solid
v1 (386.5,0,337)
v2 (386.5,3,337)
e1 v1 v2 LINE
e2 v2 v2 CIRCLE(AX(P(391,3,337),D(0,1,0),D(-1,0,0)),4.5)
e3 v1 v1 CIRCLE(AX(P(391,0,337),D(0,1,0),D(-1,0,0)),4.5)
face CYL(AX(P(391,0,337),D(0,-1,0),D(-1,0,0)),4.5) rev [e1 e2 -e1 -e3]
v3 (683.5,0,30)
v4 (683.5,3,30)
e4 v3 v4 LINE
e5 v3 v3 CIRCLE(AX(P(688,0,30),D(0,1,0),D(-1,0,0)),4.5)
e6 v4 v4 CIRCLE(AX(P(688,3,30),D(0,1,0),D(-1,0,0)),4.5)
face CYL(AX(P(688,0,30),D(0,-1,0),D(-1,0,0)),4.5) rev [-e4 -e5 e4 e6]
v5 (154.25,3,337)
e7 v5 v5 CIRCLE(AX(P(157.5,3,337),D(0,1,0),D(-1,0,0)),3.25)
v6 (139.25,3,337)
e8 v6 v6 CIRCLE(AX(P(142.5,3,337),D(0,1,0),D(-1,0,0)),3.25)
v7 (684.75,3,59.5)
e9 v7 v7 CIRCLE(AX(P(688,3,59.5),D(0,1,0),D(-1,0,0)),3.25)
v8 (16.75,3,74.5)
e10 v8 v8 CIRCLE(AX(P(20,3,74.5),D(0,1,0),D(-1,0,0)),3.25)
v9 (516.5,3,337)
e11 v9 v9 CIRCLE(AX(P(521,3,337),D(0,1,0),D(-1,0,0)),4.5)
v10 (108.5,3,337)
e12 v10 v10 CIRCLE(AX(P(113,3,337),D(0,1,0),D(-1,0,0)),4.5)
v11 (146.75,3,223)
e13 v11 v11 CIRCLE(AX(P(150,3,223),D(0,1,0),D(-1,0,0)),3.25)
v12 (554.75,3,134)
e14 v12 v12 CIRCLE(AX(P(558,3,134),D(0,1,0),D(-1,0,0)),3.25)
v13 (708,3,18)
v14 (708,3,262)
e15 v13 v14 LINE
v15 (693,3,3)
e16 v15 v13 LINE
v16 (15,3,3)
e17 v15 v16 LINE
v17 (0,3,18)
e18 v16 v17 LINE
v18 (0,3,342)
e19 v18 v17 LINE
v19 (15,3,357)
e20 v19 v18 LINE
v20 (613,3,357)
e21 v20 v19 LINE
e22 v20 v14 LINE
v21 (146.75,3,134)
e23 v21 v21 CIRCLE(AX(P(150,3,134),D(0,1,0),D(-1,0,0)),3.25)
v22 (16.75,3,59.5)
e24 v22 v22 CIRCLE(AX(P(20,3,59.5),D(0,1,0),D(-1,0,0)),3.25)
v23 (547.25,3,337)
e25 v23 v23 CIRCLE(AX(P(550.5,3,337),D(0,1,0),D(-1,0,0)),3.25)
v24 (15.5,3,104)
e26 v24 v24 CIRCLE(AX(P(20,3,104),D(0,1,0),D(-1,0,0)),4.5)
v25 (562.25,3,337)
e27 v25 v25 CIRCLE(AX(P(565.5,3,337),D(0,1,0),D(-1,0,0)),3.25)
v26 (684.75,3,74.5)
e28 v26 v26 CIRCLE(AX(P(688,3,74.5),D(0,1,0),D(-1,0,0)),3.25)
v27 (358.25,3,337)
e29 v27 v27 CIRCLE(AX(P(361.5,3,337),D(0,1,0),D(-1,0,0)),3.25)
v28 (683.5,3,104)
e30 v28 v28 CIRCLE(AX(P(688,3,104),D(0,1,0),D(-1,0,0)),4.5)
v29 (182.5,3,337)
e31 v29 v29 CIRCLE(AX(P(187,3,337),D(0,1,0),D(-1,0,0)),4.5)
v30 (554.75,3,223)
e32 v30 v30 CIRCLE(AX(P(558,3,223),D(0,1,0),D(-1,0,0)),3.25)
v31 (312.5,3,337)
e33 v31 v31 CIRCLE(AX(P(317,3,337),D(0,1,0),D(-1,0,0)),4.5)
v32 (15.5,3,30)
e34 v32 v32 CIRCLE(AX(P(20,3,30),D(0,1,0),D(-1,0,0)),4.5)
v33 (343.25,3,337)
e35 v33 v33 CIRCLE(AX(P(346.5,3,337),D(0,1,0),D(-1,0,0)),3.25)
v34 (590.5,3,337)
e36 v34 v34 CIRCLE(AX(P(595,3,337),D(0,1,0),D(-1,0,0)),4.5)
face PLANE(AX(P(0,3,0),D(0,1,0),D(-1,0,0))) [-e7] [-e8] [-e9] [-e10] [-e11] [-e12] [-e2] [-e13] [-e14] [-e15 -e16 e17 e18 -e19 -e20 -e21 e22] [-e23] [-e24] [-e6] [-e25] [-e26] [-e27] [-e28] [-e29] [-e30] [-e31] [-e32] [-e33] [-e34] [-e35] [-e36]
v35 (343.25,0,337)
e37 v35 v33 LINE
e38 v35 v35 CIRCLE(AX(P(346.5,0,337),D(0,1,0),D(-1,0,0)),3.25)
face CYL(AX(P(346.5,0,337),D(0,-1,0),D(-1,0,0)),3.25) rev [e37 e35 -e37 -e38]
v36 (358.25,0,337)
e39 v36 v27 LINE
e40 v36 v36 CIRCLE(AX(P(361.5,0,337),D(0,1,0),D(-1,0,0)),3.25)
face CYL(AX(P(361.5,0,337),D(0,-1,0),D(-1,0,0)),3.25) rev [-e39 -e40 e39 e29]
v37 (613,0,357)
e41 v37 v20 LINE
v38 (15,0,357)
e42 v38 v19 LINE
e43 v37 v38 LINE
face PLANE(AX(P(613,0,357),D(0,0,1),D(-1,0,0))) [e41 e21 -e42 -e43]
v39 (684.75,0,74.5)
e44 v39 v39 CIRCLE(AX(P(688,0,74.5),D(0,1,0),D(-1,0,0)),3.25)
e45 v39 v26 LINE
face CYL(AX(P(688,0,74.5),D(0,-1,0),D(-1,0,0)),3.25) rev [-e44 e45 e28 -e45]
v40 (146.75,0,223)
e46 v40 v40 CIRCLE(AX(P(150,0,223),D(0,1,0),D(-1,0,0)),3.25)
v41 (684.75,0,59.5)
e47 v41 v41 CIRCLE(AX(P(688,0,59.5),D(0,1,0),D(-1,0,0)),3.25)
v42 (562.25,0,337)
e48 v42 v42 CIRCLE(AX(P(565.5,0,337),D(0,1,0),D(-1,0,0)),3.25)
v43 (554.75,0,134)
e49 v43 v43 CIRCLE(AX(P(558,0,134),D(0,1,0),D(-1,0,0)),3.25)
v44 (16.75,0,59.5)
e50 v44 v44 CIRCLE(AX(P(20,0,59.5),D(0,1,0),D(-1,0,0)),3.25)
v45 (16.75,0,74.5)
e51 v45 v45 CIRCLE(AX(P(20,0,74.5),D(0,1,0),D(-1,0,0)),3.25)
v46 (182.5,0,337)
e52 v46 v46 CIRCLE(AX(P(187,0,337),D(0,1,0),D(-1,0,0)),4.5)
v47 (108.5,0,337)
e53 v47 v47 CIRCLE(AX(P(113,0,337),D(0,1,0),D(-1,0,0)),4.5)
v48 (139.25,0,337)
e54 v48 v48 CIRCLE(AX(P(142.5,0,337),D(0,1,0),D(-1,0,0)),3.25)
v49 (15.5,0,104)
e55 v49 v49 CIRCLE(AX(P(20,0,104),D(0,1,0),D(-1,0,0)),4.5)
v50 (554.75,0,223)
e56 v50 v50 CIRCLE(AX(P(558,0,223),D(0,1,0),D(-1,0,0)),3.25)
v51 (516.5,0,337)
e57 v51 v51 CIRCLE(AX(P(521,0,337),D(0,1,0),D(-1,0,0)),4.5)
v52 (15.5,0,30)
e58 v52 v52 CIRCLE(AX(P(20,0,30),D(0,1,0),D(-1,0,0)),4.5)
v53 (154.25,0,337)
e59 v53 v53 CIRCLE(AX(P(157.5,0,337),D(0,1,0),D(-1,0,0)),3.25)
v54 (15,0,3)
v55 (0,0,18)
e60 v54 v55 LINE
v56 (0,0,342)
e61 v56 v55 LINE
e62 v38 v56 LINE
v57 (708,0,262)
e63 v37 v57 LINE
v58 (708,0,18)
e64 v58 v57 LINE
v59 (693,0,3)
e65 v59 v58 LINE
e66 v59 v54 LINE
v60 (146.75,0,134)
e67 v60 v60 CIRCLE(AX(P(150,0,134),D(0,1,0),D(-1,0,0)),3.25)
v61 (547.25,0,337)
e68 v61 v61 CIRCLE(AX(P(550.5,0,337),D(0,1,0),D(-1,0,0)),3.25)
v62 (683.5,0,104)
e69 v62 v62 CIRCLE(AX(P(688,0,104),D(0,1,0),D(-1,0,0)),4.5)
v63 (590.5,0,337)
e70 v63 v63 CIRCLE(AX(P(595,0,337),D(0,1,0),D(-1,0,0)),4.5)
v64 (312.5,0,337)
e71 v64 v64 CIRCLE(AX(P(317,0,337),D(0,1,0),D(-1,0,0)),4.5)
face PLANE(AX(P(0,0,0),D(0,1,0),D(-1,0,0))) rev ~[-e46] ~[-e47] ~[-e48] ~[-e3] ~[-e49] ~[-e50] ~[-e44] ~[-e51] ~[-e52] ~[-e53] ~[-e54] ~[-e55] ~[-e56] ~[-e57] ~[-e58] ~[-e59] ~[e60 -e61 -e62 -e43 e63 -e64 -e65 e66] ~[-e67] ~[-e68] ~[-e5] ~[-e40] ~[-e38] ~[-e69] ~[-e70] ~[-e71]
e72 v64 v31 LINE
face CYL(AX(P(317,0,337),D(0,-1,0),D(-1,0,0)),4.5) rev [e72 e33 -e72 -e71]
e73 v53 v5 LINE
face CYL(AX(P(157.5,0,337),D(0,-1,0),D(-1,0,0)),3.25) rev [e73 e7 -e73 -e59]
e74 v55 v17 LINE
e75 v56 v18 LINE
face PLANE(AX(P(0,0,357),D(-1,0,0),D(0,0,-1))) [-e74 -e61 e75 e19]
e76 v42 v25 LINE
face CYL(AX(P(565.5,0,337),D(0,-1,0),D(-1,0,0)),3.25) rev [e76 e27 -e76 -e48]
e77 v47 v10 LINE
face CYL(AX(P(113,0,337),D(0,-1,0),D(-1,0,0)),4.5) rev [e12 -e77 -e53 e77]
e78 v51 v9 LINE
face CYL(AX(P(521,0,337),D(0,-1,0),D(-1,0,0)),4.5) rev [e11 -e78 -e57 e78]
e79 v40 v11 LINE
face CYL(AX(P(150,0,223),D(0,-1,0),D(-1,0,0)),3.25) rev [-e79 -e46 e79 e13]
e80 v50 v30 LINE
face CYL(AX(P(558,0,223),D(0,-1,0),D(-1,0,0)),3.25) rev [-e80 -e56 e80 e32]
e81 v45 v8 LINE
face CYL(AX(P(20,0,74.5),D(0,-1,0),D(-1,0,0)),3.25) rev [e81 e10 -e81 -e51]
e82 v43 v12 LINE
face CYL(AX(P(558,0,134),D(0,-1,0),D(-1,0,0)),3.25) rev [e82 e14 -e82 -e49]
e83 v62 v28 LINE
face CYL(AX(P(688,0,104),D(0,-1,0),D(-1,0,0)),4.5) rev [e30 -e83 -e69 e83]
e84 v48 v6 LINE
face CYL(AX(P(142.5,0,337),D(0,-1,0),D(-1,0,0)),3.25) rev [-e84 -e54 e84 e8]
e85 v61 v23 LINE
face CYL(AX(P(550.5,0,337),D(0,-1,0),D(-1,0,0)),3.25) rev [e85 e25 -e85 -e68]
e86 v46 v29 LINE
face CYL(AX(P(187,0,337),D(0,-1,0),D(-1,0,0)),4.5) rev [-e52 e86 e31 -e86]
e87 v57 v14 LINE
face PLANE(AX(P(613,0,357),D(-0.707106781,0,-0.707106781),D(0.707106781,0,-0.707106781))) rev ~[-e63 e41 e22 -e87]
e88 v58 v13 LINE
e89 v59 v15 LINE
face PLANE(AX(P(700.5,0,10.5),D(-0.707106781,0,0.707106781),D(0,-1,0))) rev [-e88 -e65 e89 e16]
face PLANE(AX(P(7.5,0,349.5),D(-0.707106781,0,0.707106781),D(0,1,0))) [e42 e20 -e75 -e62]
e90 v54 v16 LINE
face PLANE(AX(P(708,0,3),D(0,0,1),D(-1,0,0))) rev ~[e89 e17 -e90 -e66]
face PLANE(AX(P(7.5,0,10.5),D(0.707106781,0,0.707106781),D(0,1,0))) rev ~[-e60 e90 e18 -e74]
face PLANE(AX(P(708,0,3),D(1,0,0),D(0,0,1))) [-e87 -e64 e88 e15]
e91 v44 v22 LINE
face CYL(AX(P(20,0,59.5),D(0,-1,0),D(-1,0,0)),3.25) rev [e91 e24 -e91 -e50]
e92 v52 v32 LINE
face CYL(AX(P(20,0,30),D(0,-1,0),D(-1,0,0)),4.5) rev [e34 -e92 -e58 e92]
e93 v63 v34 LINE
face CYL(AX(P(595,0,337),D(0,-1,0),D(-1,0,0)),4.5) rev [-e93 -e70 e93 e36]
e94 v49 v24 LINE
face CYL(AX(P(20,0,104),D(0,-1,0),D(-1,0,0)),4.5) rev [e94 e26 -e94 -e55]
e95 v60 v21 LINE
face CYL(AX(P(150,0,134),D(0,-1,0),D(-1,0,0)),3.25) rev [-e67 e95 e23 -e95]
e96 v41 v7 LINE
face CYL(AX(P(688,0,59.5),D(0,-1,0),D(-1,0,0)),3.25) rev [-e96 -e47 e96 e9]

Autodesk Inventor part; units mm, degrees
ref_plane "YZ Plane" through (0, 0, 0) normal (1, 0, 0) x (0, 1, 0)
ref_plane "XZ Plane" through (0, 0, 0) normal (0, 1, 0) x (-1, 0, 0)
ref_plane "XY Plane" through (0, 0, 0) normal (0, 0, 1) x (1, 0, 0)
sketch "Skizze1" plane through (0, 0, 0) normal (0, 1, 0) x (-1, 0, 0)
  line L0 (0, 0) -> (-708, 0)
  line L1 (-708, 0) -> (-708, 357)
  line L2 (-708, 357) -> (0, 357)
  line L3 (0, 357) -> (0, 0)
  line L4 (-354, 0) -> (-354, 357) construction
  line L5 (0, 178.5) -> (-708, 178.5) construction
  line L6 (-150, 0) -> (-150, 357) construction
  line L7 (-558, 0) -> (-558, 357) construction
  line L8 (-708, 67) -> (0, 67) construction
  line L9 (0, 71.4) -> (-708, 71.4) construction
  line L10 (-688, 337) -> (-688, 20) construction
  line L11 (-688, 20) -> (-20, 20) construction
  line L12 (-20, 20) -> (-20, 337) construction
  line L13 (-20, 337) -> (-688, 337) construction
  line L14 (-28, 19.5) -> (-12, 19.5) construction
  line L15 (-12, 19.5) -> (-12, 114.5) construction
  line L16 (-12, 114.5) -> (-28, 114.5) construction
  line L17 (-28, 114.5) -> (-28, 19.5) construction
  line L18 (-28, 19.5) -> (-12, 114.5) construction
  line L19 (-12, 19.5) -> (-28, 114.5) construction
  line L20 (-102.5, 345) -> (-197.5, 345) construction
  line L21 (-197.5, 345) -> (-197.5, 329) construction
  line L22 (-197.5, 329) -> (-102.5, 329) construction
  line L23 (-102.5, 329) -> (-102.5, 345) construction
  line L24 (-102.5, 345) -> (-197.5, 329) construction
  line L25 (-197.5, 345) -> (-102.5, 329) construction
  line L26 (-306.5, 345) -> (-401.5, 345) construction
  line L27 (-401.5, 345) -> (-401.5, 329) construction
  line L28 (-401.5, 329) -> (-306.5, 329) construction
  line L29 (-306.5, 329) -> (-306.5, 345) construction
  line L30 (-306.5, 345) -> (-401.5, 329) construction
  line L31 (-401.5, 345) -> (-306.5, 329) construction
  circle A0 centre (-20, 59.5) radius 3.25
  circle A1 centre (-20, 30) radius 4.5
  circle A2 centre (-20, 74.5) radius 3.25
  circle A3 centre (-20, 104) radius 4.5
  circle A4 centre (-142.5, 337) radius 3.25
  circle A5 centre (-113, 337) radius 4.5
  circle A6 centre (-317, 337) radius 4.5
  circle A7 centre (-346.5, 337) radius 3.25
  circle A8 centre (-157.5, 337) radius 3.25
  circle A9 centre (-187, 337) radius 4.5
  circle A10 centre (-391, 337) radius 4.5
  circle A11 centre (-361.5, 337) radius 3.25
  circle A12 centre (-688, 59.5) radius 3.25
  circle A13 centre (-688, 30) radius 4.5
  circle A14 centre (-688, 104) radius 4.5
  circle A15 centre (-688, 74.5) radius 3.25
  circle A16 centre (-565.5, 337) radius 3.25
  circle A17 centre (-595, 337) radius 4.5
  circle A18 centre (-550.5, 337) radius 3.25
  circle A19 centre (-521, 337) radius 4.5
  circle A20 centre (-150, 134) radius 3.25
  line L32 (-138.5, 124.5) -> (-161.5, 124.5) construction
  line L33 (-161.5, 124.5) -> (-161.5, 232.5) construction
  line L34 (-161.5, 232.5) -> (-138.5, 232.5) construction
  line L35 (-138.5, 232.5) -> (-138.5, 124.5) construction
  line L36 (-138.5, 124.5) -> (-161.5, 232.5) construction
  line L37 (-161.5, 124.5) -> (-138.5, 232.5) construction
  circle A21 centre (-150, 223) radius 3.25
  circle A22 centre (-558, 134) radius 3.25
  circle A23 centre (-558, 223) radius 3.25
  line L38 (-857.6188, 167) -> (175.5187, 167) construction
  line L39 (-857.6403, 142) -> (175.5402, 142) construction
  line L40 (-708, 317) -> (0, 317) construction
  line L41 (-668, 357) -> (-668, 0) construction
  line L42 (-708, 262) -> (-599.5, 262) construction
  line L43 (-613, 357) -> (-613, 217.4879) construction
  line L44 (-613, 357) -> (-708, 262)
  line L45 (-708, 3) -> (0, 3)
  point P0 (-20, 67)
  point P1 (-150, 337)
  point P2 (-354, 337)
  point P3 (-150, 178.5)
  dimension "d0" = 708
  dimension "d1" = 357
  dimension "d2" = 290
  dimension "d3" = 71.4
  dimension "d4" = 150
  dimension "d5" = 150
  dimension "d6" = 20
  dimension "d7" = 16
  dimension "d8" = 95
  dimension "d9" = 95
  dimension "d10" = 16
  dimension "d11" = 95
  dimension "d12" = 16
  dimension "d13" = 6.5
  dimension "d14" = 7.5
  dimension "d15" = 9
  dimension "d16" = 37
  dimension "d17" = 6.5
  dimension "d18" = 9
  dimension "d19" = 7.5
  dimension "d20" = 37
  dimension "d21" = 6.5
  dimension "d22" = 9
  dimension "d23" = 7.5
  dimension "d24" = 37
  dimension "d30" = 6.5
  dimension "d31" = 44.5
  dimension "d32" = 23
  dimension "d33" = 108
  dimension "d34" = 190
  dimension "d35" = 25
  dimension "d36" = 40
  dimension "d37" = 40
  dimension "d47" = 95
  dimension "d48" = 95
  dimension "d49" = 3
extrude "Ex1 mit Z-untermaß" add sketch "Skizze1" along normal blind 3 contours L45 L1 L44 L2 L3
chamfer "Fase1" distance 15 angle 45 3 edges at (0, 1.5, 357) (0, 1.5, 3) (708, 1.5, 3)
equation "\"d3\" = 0.2 * d1"
equation "\"d5\" = d4"
equation "\"d17\" = d13"
equation "\"d18\" = d15"
equation "\"d19\" = d14"
equation "\"d20\" = d16"
equation "\"d21\" = d13"
equation "\"d22\" = d15"
equation "\"d23\" = d14"
equation "\"d24\" = d16"
properties part number "enc-SidePanel 357x708"
